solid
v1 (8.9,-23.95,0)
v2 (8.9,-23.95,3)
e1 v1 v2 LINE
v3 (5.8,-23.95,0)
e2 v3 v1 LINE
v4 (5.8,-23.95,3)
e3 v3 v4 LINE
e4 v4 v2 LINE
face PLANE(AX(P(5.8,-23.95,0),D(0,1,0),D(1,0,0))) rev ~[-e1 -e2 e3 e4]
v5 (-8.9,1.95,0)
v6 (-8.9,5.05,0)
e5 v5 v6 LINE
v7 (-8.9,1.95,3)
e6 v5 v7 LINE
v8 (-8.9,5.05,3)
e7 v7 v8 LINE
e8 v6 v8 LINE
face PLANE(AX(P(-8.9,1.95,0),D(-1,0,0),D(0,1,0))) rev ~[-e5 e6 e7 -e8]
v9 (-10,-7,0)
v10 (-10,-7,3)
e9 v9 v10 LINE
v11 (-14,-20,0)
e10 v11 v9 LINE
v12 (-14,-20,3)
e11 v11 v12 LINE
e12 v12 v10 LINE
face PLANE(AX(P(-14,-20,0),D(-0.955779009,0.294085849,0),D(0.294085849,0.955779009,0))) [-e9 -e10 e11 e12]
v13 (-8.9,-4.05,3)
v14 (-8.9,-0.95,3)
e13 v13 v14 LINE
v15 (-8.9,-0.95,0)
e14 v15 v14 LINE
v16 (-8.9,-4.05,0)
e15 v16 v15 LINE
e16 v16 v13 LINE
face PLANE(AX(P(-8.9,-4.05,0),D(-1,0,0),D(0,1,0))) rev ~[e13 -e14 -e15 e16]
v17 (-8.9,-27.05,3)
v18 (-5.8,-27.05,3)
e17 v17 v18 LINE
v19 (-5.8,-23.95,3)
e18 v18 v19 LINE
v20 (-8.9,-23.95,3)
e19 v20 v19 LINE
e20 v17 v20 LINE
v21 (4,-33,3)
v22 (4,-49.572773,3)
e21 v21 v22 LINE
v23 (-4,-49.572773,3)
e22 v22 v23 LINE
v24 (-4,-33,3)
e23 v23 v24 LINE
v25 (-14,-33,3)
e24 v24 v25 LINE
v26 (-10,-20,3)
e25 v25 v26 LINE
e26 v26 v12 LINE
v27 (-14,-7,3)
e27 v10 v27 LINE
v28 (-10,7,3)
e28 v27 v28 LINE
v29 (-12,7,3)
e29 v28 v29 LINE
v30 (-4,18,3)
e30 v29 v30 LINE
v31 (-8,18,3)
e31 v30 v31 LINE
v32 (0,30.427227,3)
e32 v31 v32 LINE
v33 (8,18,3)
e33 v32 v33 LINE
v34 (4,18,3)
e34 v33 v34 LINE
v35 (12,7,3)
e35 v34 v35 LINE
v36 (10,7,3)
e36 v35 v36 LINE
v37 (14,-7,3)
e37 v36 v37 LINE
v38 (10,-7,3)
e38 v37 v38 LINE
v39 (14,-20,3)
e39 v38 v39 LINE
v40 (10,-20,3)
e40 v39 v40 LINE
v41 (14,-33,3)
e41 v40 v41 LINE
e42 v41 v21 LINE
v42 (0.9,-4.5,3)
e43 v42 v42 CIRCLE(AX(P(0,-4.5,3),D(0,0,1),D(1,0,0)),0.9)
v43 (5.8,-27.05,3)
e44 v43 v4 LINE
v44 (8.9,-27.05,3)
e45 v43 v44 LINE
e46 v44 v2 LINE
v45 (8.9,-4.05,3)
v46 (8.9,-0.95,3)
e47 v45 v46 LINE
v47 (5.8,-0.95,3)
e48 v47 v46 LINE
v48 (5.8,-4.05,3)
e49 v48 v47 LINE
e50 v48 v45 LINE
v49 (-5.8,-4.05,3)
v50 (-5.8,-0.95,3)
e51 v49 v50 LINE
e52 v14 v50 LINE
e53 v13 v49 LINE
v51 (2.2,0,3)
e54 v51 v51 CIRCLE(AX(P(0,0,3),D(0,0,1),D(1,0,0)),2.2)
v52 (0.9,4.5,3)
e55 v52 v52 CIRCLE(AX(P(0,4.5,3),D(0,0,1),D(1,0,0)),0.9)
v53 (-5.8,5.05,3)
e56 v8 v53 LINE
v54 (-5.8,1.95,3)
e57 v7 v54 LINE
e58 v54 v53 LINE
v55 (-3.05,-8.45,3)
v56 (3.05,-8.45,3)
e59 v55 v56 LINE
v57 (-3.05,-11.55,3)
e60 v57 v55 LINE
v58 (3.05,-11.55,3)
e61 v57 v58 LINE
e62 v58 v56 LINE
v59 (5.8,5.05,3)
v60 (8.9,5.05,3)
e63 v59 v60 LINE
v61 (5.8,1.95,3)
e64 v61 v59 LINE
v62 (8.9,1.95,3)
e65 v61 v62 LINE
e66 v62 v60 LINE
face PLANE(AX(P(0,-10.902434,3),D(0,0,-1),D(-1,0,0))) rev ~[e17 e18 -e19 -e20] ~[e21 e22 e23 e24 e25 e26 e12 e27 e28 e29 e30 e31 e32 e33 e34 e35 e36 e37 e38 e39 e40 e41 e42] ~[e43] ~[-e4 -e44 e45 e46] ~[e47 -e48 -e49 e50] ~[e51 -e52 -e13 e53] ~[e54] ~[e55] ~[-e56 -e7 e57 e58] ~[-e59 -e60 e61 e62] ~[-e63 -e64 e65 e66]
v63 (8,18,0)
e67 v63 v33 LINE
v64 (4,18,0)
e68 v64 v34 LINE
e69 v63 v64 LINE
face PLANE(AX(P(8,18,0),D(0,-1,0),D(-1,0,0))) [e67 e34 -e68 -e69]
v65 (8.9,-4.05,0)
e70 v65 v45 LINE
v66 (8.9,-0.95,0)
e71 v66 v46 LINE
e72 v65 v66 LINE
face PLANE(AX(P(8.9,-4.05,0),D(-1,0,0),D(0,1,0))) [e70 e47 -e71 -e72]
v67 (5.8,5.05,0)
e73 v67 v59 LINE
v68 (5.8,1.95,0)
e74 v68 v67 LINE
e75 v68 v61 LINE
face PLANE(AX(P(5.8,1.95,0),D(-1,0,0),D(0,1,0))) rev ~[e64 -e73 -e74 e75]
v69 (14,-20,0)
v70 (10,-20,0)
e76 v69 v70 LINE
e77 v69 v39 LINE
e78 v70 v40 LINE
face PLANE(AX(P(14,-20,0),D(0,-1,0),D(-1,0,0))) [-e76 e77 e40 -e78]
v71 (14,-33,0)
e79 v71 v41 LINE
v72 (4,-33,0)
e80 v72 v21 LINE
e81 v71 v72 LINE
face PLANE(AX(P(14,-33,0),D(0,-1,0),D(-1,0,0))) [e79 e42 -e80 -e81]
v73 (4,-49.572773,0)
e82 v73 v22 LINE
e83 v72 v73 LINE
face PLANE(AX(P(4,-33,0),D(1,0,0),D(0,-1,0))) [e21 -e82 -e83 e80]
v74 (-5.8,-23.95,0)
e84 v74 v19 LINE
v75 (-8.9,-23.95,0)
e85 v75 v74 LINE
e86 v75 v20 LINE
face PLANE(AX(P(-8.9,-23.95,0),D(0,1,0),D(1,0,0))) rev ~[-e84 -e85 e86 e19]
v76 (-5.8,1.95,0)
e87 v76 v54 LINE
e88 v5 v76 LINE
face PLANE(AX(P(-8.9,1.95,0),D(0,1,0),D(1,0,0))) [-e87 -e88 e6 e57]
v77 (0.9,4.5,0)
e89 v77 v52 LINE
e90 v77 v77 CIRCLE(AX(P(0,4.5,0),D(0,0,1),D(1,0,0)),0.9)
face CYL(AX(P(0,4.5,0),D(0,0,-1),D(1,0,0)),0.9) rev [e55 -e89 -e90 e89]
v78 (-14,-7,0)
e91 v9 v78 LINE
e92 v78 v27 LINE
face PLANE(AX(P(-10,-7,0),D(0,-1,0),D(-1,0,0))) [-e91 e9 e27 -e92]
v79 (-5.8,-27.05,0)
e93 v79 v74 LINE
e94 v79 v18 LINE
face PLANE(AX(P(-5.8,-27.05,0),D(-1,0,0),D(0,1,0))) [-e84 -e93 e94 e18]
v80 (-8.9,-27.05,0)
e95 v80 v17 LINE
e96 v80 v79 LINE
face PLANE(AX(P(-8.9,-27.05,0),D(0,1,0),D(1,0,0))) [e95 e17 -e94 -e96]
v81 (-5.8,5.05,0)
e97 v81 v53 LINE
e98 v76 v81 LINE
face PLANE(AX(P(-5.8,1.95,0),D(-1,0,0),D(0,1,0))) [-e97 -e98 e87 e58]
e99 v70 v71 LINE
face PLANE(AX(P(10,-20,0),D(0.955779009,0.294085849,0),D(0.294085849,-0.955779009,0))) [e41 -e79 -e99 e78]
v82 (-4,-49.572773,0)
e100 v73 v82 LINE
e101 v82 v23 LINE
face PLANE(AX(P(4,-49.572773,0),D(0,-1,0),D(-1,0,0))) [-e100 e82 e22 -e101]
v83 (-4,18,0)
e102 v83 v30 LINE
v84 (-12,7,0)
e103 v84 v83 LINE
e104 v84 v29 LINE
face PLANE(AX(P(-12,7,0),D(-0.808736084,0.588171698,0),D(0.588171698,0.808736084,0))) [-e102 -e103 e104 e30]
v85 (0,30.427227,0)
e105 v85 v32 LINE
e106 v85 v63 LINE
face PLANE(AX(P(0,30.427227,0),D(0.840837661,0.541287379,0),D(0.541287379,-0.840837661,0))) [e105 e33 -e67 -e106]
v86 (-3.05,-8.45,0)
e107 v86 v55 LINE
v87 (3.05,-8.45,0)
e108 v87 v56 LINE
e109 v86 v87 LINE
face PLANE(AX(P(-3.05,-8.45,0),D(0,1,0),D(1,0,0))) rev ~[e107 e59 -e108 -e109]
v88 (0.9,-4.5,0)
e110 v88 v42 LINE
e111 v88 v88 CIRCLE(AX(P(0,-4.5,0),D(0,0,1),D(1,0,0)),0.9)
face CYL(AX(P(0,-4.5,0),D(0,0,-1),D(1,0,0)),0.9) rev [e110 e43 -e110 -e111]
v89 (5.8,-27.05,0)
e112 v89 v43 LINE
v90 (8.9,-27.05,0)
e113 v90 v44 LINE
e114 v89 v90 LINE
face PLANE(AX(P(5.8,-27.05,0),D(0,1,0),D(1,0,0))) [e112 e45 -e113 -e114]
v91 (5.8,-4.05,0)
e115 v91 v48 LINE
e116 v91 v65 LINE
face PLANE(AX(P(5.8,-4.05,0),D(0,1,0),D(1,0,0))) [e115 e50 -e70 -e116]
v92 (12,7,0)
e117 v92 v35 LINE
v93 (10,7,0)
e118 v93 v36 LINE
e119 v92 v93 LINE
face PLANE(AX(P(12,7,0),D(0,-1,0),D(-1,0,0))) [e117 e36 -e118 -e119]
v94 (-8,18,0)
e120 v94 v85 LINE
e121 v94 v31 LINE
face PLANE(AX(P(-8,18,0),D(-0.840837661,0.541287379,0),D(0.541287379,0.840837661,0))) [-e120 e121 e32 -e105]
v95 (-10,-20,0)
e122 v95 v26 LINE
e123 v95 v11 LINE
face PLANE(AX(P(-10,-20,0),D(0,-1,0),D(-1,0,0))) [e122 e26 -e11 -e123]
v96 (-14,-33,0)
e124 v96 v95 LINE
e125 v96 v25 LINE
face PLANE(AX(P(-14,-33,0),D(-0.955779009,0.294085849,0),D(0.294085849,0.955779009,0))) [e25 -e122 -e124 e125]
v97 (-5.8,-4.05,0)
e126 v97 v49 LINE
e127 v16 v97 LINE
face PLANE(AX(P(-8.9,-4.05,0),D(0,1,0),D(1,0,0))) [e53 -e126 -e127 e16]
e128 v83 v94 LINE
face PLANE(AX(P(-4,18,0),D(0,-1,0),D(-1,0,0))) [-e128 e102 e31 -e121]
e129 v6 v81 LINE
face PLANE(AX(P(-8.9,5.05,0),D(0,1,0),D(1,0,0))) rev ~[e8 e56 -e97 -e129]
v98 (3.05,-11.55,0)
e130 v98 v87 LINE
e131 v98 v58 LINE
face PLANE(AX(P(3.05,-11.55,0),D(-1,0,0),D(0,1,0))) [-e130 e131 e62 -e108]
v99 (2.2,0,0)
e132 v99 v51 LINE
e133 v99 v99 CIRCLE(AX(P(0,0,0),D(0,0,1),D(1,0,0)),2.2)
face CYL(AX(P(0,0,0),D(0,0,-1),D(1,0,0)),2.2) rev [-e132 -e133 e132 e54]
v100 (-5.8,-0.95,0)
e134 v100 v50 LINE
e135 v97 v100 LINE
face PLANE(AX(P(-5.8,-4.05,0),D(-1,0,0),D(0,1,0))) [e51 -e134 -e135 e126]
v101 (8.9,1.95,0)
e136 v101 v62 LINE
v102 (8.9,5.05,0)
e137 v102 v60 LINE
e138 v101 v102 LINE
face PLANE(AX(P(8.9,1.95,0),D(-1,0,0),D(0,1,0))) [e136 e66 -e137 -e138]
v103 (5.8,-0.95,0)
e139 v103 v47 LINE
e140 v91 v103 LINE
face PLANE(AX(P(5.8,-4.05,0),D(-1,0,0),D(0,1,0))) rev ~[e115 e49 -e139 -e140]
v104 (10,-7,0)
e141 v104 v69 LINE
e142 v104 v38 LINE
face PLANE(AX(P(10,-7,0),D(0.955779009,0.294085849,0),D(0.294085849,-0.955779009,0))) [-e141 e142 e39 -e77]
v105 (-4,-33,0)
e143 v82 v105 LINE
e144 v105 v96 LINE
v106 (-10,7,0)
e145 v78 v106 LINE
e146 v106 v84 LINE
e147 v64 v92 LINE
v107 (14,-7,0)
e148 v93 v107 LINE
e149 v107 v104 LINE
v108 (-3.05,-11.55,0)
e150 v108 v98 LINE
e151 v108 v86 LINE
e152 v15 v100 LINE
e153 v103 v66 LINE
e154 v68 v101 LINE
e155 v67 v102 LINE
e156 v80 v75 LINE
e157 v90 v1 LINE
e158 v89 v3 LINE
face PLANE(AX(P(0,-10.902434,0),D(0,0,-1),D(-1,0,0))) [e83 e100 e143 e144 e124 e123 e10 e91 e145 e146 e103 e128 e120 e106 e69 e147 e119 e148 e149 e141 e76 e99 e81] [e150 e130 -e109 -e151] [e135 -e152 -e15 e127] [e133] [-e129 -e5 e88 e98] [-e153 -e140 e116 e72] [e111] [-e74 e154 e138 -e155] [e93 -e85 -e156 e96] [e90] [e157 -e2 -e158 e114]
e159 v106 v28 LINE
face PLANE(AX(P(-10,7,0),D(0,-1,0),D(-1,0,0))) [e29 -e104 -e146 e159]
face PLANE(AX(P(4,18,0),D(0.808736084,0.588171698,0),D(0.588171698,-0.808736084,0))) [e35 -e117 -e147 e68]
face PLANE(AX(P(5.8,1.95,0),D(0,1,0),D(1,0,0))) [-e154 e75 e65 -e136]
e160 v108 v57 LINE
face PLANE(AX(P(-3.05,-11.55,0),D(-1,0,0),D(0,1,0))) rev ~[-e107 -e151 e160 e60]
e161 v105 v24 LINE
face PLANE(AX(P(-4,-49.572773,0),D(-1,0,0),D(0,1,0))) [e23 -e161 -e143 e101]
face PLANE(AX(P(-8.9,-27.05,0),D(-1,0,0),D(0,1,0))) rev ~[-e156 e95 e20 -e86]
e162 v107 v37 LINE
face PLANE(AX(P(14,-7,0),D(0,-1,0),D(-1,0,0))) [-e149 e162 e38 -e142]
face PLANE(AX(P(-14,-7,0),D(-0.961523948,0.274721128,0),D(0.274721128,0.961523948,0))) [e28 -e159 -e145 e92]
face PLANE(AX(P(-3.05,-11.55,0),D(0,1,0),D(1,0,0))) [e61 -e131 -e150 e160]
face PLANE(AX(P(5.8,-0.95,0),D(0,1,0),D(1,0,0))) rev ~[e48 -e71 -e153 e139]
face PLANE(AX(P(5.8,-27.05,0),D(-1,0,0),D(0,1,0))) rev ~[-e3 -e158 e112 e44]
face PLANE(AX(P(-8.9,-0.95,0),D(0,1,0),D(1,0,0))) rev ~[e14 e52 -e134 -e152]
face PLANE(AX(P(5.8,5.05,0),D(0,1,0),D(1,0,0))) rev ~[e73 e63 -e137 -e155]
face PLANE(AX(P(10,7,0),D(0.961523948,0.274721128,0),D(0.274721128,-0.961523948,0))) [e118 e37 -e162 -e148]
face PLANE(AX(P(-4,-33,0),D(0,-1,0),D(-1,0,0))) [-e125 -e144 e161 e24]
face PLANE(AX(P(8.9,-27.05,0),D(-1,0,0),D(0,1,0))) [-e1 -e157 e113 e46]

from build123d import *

# Parameters (mm, degrees)
PROFILE_LASER_PROFILE_3MM_R   = 2.2
PROFILE_LASER_PROFILE_3MM_R_2 = 0.9
PROFILE_LASER_PROFILE_3MM_W   = 3.1
PROFILE_LASER_PROFILE_3MM_H   = 3.1
PROFILE_LASER_PROFILE_3MM_W_2 = 6.1
LASER_PROFILE_3MM_DEPTH       = 3


with BuildPart() as part:
    # Profile_Laser_profile_3mm → Laser_profile_3mm (new body)
    with BuildSketch(Plane.XY):
        Polygon((0, 30.427227289), (8, 18), (4, 18), (12, 7), (10, 7), (14, -7), (10, -7), (14, -20), (10, -20), (14, -33), (4, -33), (4, -49.572772711), (-4, -49.572772711), (-4, -33), (-14, -33), (-10, -20), (-14, -20), (-10, -7), (-14, -7), (-10, 7), (-12, 7), (-4, 18), (-8, 18), align=None)
        Circle(PROFILE_LASER_PROFILE_3MM_R, mode=Mode.SUBTRACT)
        with Locations((0, -4.5)):
            Circle(PROFILE_LASER_PROFILE_3MM_R_2, mode=Mode.SUBTRACT)
        with Locations((0, 4.5)):
            Circle(PROFILE_LASER_PROFILE_3MM_R_2, mode=Mode.SUBTRACT)
        with Locations((-7.35, 3.5)):
            Rectangle(PROFILE_LASER_PROFILE_3MM_W, PROFILE_LASER_PROFILE_3MM_H, mode=Mode.SUBTRACT)
        with Locations((-7.35, -2.5)):
            Rectangle(PROFILE_LASER_PROFILE_3MM_W, PROFILE_LASER_PROFILE_3MM_H, mode=Mode.SUBTRACT)
        with Locations((-7.35, -25.5)):
            Rectangle(PROFILE_LASER_PROFILE_3MM_W, PROFILE_LASER_PROFILE_3MM_H, mode=Mode.SUBTRACT)
        with Locations((7.35, 3.5)):
            Rectangle(PROFILE_LASER_PROFILE_3MM_W, PROFILE_LASER_PROFILE_3MM_H, mode=Mode.SUBTRACT)
        with Locations((7.35, -2.5)):
            Rectangle(PROFILE_LASER_PROFILE_3MM_W, PROFILE_LASER_PROFILE_3MM_H, mode=Mode.SUBTRACT)
        with Locations((7.35, -25.5)):
            Rectangle(PROFILE_LASER_PROFILE_3MM_W, PROFILE_LASER_PROFILE_3MM_H, mode=Mode.SUBTRACT)
        with Locations((0, -10)):
            Rectangle(PROFILE_LASER_PROFILE_3MM_W_2, PROFILE_LASER_PROFILE_3MM_H, mode=Mode.SUBTRACT)
    extrude(amount=LASER_PROFILE_3MM_DEPTH)


solid = part.part
